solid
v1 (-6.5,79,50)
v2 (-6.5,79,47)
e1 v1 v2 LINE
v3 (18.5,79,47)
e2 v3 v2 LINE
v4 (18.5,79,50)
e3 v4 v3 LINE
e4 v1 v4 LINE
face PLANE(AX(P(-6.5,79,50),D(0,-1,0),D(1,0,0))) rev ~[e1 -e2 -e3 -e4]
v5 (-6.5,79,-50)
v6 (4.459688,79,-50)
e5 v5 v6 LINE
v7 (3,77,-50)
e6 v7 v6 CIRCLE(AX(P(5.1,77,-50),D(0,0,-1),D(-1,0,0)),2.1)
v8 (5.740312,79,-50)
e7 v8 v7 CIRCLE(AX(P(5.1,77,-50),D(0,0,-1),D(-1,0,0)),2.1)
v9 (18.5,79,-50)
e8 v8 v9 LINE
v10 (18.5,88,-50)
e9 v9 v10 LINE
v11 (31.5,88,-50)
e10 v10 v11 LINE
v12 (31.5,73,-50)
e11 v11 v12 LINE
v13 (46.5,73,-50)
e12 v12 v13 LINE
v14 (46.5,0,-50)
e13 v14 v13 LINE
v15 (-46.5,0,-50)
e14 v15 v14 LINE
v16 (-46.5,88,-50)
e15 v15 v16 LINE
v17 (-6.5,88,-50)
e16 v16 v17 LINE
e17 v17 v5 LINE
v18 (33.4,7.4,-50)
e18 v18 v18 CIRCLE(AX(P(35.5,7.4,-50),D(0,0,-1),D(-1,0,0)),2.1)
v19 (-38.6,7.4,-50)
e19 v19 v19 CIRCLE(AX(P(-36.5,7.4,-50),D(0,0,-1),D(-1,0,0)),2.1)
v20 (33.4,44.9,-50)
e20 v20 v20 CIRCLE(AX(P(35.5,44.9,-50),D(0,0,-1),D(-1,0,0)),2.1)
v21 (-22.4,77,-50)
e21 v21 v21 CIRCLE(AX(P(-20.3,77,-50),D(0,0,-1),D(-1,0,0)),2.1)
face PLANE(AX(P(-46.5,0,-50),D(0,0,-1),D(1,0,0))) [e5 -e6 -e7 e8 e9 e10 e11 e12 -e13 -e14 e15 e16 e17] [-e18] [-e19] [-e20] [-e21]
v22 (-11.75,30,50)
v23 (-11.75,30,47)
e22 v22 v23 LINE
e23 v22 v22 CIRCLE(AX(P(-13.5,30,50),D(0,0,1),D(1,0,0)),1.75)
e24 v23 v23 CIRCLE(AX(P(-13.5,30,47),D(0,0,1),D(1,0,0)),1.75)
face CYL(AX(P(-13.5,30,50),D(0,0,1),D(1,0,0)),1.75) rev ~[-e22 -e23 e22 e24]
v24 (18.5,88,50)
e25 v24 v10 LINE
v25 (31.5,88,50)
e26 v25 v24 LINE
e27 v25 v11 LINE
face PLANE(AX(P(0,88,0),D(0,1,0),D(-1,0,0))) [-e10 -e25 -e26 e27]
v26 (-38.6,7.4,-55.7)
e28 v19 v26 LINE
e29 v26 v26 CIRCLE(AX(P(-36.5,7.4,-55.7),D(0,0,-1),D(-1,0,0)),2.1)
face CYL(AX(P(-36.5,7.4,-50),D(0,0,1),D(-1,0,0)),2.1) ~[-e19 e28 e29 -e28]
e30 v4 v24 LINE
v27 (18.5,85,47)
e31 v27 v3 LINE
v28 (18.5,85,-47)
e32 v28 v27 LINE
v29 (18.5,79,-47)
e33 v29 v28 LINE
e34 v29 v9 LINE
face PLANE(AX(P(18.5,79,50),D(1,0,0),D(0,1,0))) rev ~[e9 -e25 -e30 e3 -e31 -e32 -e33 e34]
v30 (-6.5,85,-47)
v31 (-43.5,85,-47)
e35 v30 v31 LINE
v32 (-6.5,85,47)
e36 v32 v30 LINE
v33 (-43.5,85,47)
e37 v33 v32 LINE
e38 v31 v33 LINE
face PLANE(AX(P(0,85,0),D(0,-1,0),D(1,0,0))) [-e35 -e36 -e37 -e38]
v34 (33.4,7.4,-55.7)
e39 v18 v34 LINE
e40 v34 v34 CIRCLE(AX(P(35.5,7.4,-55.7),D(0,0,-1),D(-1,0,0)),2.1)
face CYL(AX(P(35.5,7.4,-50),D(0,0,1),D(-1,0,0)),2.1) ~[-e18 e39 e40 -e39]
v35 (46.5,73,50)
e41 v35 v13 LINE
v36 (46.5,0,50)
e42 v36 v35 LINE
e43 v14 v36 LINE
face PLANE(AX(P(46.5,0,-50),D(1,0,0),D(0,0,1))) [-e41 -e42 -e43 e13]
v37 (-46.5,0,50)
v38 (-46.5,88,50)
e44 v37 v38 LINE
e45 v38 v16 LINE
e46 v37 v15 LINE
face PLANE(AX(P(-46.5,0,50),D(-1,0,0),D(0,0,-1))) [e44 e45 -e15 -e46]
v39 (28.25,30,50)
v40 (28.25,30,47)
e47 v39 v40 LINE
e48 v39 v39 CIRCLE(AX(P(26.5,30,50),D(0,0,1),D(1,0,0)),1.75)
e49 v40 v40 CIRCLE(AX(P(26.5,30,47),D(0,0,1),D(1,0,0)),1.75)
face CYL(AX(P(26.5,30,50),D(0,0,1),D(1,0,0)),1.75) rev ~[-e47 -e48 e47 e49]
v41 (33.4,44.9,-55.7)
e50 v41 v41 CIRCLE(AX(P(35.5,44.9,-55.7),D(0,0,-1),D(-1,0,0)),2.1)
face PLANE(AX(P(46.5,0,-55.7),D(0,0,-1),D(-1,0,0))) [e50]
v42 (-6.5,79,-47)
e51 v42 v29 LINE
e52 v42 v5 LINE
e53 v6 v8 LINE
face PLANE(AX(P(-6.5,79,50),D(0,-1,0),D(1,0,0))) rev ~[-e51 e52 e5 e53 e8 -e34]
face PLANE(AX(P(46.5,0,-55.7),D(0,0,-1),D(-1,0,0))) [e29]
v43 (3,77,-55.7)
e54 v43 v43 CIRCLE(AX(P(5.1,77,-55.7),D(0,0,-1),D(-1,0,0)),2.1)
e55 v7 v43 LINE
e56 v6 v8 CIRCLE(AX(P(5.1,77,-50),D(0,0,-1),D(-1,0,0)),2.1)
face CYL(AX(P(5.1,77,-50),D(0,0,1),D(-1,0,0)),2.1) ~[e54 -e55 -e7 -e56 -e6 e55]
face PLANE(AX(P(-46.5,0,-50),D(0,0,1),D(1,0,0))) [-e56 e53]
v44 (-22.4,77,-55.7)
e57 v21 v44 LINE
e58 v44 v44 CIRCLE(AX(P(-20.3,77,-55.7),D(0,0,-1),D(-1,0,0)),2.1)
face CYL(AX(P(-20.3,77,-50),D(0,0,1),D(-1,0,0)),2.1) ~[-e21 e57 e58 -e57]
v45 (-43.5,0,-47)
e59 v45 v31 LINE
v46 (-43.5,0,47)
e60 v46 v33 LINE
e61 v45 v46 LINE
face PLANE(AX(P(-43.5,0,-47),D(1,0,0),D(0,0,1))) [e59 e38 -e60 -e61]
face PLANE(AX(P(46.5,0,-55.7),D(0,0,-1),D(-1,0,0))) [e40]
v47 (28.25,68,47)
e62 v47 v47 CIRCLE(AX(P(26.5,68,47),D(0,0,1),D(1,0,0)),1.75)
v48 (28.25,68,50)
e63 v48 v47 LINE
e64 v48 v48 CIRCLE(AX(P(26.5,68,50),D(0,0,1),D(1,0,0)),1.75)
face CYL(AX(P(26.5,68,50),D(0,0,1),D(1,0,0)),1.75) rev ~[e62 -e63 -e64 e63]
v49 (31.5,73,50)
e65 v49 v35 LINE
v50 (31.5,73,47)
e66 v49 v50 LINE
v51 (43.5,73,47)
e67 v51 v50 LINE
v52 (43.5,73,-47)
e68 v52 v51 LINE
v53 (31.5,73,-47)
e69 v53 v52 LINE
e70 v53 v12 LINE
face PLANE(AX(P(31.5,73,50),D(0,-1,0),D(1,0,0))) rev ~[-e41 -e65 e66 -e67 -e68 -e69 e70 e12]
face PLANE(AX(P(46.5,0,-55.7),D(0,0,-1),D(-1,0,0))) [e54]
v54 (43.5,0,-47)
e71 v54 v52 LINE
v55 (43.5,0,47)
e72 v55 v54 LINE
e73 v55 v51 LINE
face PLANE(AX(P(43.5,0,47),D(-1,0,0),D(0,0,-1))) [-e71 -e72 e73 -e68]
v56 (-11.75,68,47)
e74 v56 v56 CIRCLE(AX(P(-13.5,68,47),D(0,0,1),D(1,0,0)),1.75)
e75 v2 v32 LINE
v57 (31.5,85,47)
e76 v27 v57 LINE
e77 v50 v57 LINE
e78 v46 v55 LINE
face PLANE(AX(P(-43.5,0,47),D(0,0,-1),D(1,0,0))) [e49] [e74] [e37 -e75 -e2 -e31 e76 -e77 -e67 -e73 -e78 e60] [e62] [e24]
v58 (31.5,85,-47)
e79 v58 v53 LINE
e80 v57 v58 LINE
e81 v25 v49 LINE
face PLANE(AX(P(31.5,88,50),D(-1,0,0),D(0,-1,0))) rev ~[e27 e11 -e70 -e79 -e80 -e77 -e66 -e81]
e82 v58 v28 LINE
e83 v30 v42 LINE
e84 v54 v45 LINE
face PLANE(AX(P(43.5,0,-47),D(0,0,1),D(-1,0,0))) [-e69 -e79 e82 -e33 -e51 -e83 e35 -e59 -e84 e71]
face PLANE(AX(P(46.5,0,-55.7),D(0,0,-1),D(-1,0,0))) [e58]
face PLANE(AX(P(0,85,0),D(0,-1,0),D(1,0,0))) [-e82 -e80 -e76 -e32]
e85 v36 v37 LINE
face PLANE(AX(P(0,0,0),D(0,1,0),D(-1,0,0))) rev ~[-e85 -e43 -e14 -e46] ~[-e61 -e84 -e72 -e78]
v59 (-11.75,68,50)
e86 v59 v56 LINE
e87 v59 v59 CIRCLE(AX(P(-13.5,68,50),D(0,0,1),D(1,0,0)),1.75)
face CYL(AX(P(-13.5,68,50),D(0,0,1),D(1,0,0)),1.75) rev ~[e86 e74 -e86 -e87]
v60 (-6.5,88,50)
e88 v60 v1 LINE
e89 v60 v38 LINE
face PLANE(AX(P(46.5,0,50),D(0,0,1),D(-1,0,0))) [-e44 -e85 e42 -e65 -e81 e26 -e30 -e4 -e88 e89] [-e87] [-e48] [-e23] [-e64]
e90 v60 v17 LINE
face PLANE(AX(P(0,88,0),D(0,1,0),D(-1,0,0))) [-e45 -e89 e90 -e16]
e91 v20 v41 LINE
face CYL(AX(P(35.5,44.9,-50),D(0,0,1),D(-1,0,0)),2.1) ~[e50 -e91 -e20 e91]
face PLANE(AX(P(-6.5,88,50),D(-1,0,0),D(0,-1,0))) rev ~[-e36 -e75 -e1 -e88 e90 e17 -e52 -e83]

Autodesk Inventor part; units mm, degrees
ref_plane "YZ Plane" through (0, 0, 0) normal (1, 0, 0) x (0, 1, 0)
ref_plane "XZ Plane" through (0, 0, 0) normal (0, 1, 0) x (-1, 0, 0)
ref_plane "XY Plane" through (0, 0, 0) normal (0, 0, 1) x (1, 0, 0)
sketch "Esquisse1" plane through (0, 0, 0) normal (0, 1, 0) x (-1, 0, 0)
  line L0 (-46.5, 50) -> (46.5, 50)
  line L1 (46.5, 50) -> (46.5, -50)
  line L2 (46.5, -50) -> (-46.5, -50)
  line L3 (-46.5, -50) -> (-46.5, 50)
  line L4 (-46.5, 50) -> (46.5, -50) construction
  line L5 (46.5, 50) -> (-46.5, -50) construction
  point P0 (0, 0)
  dimension "d0" = 100
  dimension "d1" = 93
extrude "Extrusion1" add sketch "Esquisse1" along normal blind 88
sketch "Esquisse2" plane through (0, 0, 0) normal (0, -1, 0) x (1, 0, 0)
  line L0 (-43.5, 47) -> (43.5, 47)
  line L1 (43.5, 47) -> (43.5, -47)
  line L2 (43.5, -47) -> (-43.5, -47)
  line L3 (-43.5, -47) -> (-43.5, 47)
  line L4 (-43.5, 47) -> (43.5, -47) construction
  line L5 (43.5, 47) -> (-43.5, -47) construction
  line L6 (46.5, 50) -> (46.5, -50) projected
  line L7 (-46.5, 50) -> (46.5, 50) projected
  point P0 (0, 0)
  dimension "d4" = 3
  dimension "d5" = 3
extrude "Extrusion2" cut sketch "Esquisse2" against normal blind 85
sketch "Esquisse3" plane through (-46.5, 0, 50) normal (0, 0, 1) x (1, 0, 0)
  line L0 (0, 88) -> (93, 88) projected
  line L1 (93, 88) -> (78, 88)
  line L2 (78, 88) -> (78, 73)
  line L3 (78, 73) -> (93, 73)
  line L4 (93, 73) -> (93, 88)
  point P0 (46.5, 0)
  dimension "d8" = 15
  dimension "d9" = 15
extrude "Extrusion3" cut sketch "Esquisse3" against normal up to surface (100 mm away)
sketch "Esquisse4" plane through (-46.5, 0, 50) normal (0, 0, 1) x (1, 0, 0)
  circle A0 centre (73, 68) radius 1.75
  circle A1 centre (33, 68) radius 1.75
  circle A2 centre (73, 30) radius 1.75
  circle A3 centre (33, 30) radius 1.75
  line L0 (93, 0) -> (93, 73) projected
  line L1 (0, 88) -> (78, 88) projected
  point P0 (46.5, 0)
  dimension "d12" = 40
  dimension "d13" = 3.5
  dimension "d14" = 3.5
  dimension "d15" = 3.5
  dimension "d16" = 3.5
  dimension "d17" = 40
  dimension "d18" = 0
  dimension "d19" = 0
  dimension "d20" = 38
  dimension "d21" = 20
  dimension "d22" = 20
  dimension "d23" = 0
extrude "Extrusion4" cut sketch "Esquisse4" against normal up to surface (3 mm away)
sketch "Esquisse5" plane through (46.5, 0, -50) normal (0, 0, -1) x (-1, 0, 0)
  circle A0 centre (66.8, 77) radius 2.1
  circle A1 centre (41.4, 77) radius 2.1
  circle A2 centre (11, 44.9) radius 2.1
  circle A3 centre (11, 7.4) radius 2.1
  line L0 (0, 0) -> (0, 73) projected
  line L1 (15, 88) -> (93, 88) projected
  line L2 (15, 88) -> (15, 73) projected
  line L3 (15, 73) -> (0, 73) projected
  circle A4 centre (83, 7.4) radius 2.1
  line L4 (93, 0) -> (93, 88) projected
  point P0 (46.5, 0)
  dimension "d26" = 4.2
  dimension "d27" = 4.2
  dimension "d28" = 4.2
  dimension "d29" = 4.2
  dimension "d30" = 11
  dimension "d31" = 0
  dimension "d32" = 11
  dimension "d33" = 0
  dimension "d34" = 37.5
  dimension "d35" = 25.4
  dimension "d36" = 26.4
  dimension "d37" = 28.1
  dimension "d38" = 4.2
  dimension "d39" = 0
  dimension "d40" = 10
extrude "Extrusion5" add sketch "Esquisse5" along normal blind 5.7
sketch "Esquisse6" plane through (-36.5, 7.4, -55.7) normal (0, 0, -1) x (-1, 0, 0)
  point P0 (-36.5, -7.4)
sketch "Esquisse7" plane through (-46.5, 0, 50) normal (0, 0, 1) x (1, 0, 0)
  line L0 (0, 88) -> (78, 88) projected
  line L1 (65, 88) -> (40, 88)
  line L2 (40, 88) -> (40, 79)
  line L3 (40, 79) -> (65, 79)
  line L4 (65, 79) -> (65, 88)
  line L5 (78, 73) -> (78, 88) projected
  point P0 (46.5, 0)
  point P1 (78, 80.5)
  point P2 (65, 83.5)
  dimension "d43" = 25
  dimension "d44" = 13
  dimension "d45" = 9
extrude "Extrusion6" cut sketch "Esquisse7" against normal up to surface (100 mm away)
properties part number "support_imu_Impression 3D"
